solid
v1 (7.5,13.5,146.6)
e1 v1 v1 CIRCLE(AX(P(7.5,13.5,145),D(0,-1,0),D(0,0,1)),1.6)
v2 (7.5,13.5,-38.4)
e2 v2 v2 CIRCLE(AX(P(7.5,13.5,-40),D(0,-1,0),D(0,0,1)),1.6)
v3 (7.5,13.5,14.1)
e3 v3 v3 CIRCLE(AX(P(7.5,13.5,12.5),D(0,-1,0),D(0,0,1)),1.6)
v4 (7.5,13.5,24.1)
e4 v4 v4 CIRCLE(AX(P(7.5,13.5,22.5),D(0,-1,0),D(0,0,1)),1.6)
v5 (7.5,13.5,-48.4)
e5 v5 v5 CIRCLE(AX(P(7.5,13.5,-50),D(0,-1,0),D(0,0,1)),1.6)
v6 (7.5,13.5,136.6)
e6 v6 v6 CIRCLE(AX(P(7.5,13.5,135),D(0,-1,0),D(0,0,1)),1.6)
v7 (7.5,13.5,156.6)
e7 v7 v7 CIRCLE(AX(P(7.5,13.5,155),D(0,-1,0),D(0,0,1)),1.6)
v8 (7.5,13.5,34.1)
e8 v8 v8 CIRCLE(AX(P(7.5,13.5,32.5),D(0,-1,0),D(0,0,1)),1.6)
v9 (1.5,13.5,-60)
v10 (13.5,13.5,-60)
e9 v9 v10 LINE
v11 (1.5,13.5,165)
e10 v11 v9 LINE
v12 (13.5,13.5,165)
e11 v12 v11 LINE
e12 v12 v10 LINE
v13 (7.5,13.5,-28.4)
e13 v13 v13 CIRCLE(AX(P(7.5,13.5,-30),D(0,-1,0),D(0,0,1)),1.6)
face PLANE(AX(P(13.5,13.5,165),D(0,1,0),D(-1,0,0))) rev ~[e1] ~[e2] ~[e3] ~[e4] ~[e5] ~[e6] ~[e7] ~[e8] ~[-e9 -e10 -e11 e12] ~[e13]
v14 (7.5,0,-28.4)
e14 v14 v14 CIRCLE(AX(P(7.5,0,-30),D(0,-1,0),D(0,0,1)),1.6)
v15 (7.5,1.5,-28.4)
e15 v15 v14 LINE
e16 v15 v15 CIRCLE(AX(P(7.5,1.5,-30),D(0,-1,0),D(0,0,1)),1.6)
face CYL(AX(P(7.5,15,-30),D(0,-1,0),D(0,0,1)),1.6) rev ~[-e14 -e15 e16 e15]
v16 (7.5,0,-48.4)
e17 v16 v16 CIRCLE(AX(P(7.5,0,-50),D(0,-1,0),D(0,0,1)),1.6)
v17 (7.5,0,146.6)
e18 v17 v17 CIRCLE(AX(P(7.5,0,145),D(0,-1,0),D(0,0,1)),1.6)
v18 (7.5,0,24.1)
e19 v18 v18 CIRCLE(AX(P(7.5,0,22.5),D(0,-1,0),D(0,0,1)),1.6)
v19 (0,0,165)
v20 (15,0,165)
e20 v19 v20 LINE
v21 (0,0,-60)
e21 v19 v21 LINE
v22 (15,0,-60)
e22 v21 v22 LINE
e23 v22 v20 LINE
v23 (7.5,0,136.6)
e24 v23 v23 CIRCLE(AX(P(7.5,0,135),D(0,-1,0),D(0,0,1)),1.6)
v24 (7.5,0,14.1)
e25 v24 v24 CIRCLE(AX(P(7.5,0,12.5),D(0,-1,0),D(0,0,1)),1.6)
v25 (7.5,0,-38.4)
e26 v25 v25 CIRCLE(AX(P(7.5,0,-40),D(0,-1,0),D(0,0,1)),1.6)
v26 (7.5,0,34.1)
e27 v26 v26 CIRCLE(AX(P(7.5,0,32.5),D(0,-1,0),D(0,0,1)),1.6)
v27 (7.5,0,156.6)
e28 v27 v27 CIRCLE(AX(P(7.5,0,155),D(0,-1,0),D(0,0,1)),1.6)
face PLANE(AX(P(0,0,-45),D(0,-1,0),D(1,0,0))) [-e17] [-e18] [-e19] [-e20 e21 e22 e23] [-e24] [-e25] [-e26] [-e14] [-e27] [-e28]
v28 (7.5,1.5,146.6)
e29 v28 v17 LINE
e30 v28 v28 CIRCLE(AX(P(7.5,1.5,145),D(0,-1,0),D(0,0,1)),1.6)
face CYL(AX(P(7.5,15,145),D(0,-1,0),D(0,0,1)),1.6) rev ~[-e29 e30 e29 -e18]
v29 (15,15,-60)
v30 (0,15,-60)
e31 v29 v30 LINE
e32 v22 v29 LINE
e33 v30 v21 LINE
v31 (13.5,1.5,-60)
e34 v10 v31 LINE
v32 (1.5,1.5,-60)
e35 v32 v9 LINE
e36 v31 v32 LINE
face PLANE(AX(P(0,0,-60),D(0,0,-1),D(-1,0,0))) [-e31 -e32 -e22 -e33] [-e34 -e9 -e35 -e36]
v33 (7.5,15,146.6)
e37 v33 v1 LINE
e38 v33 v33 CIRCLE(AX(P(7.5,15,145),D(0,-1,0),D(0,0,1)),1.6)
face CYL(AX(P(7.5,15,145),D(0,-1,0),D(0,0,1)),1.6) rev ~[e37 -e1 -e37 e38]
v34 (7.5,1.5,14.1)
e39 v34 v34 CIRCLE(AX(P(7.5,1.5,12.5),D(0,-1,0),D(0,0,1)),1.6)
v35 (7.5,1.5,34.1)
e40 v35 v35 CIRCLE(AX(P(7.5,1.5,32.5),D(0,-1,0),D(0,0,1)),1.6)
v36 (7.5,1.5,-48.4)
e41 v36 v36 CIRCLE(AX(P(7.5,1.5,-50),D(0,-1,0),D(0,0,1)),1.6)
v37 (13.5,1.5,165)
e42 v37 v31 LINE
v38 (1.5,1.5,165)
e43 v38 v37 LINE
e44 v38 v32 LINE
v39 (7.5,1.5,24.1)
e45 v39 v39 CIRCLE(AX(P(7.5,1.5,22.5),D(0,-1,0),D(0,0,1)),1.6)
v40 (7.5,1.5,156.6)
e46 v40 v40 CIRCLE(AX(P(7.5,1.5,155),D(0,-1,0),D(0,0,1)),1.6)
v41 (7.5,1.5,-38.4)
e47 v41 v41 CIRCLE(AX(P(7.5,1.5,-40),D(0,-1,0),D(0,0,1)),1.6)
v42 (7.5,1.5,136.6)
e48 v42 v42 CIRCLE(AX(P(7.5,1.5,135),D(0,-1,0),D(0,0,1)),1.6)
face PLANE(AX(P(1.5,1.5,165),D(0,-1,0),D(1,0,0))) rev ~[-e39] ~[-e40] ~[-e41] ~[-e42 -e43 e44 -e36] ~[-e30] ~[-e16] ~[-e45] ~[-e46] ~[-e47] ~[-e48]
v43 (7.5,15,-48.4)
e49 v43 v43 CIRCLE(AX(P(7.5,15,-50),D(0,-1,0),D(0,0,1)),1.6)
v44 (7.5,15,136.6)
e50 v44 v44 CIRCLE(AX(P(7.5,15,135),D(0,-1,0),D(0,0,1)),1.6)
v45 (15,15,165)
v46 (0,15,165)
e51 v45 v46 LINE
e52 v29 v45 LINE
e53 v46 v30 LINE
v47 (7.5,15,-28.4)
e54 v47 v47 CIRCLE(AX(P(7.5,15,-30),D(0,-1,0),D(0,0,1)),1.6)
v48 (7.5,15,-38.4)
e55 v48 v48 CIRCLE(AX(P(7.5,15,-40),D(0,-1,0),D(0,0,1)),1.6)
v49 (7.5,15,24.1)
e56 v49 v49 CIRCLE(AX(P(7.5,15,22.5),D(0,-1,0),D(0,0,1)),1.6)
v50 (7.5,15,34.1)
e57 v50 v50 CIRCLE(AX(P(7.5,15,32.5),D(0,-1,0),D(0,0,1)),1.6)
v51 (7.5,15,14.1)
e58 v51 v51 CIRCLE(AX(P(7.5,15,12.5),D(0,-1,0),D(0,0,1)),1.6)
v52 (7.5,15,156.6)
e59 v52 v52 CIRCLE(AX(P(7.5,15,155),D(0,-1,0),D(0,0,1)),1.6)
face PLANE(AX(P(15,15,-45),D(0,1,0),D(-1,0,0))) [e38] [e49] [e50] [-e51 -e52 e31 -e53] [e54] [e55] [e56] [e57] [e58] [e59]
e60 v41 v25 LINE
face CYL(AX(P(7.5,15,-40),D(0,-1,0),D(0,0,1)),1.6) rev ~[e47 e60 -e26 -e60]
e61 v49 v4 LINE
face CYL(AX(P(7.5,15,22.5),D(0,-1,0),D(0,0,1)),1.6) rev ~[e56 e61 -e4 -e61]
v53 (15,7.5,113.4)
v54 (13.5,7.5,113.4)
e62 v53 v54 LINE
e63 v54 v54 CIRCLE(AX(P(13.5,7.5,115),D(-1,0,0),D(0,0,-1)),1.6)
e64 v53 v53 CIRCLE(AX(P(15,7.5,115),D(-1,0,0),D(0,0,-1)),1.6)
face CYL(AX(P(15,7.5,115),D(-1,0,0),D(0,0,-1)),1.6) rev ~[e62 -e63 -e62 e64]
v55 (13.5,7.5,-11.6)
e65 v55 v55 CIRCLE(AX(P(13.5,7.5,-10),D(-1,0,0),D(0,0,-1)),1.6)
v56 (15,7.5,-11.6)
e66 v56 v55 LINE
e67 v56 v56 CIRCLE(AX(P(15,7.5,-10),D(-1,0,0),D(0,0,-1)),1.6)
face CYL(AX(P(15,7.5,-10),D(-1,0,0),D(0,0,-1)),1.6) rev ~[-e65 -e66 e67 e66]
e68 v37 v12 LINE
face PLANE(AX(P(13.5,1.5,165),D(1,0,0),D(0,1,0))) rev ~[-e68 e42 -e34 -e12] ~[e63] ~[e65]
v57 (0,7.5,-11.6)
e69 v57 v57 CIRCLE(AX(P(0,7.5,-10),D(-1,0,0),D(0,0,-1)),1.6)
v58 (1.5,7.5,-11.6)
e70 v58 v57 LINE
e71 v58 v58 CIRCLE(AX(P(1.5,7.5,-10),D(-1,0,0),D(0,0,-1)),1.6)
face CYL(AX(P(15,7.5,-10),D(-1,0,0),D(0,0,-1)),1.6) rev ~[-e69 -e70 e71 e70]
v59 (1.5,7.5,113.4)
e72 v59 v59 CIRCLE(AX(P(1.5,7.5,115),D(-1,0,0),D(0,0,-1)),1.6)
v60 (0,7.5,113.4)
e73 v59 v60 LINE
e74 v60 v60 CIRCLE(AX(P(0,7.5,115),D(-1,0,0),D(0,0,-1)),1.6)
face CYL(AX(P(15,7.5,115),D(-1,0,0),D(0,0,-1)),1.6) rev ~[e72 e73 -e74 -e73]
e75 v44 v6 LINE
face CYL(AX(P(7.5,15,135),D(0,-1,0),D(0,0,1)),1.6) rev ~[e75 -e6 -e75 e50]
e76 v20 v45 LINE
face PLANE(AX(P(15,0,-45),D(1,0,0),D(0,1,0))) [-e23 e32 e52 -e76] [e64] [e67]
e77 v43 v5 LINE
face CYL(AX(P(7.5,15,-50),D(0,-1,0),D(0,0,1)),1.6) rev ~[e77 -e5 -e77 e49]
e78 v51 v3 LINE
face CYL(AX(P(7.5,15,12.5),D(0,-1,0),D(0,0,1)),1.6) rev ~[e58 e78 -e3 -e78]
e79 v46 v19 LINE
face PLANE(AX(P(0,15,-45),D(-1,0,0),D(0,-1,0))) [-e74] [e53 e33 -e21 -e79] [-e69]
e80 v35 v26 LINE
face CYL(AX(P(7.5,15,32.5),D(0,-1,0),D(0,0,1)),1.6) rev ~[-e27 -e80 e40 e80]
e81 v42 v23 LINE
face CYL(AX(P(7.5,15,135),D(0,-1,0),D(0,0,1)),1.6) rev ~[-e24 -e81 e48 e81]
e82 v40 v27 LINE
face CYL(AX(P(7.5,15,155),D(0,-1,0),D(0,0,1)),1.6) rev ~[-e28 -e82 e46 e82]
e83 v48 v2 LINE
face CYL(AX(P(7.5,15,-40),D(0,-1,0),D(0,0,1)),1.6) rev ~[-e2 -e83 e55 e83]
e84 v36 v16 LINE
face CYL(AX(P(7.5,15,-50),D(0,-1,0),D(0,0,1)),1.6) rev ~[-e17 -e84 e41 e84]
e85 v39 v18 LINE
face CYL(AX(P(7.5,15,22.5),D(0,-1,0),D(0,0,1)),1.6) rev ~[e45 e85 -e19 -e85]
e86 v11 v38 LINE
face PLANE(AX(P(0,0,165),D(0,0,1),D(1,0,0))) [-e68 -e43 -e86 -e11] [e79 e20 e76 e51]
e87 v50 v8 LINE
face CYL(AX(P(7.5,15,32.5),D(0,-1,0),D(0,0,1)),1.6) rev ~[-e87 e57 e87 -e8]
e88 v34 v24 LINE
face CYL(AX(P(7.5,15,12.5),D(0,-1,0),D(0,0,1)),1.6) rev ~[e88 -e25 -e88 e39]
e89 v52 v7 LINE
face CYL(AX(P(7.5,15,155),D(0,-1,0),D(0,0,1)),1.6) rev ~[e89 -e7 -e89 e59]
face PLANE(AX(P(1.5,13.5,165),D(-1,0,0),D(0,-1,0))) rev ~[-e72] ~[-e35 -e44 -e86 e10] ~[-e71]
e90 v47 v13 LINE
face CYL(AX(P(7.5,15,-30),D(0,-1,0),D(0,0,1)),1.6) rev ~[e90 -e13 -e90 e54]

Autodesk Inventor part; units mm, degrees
ref_plane "YZ Plane" through (0, 0, 0) normal (1, 0, 0) x (0, 1, 0)
ref_plane "XZ Plane" through (0, 0, 0) normal (0, 1, 0) x (-1, 0, 0)
ref_plane "XY Plane" through (0, 0, 0) normal (0, 0, 1) x (1, 0, 0)
sketch "スケッチ1" plane through (0, 0, 0) normal (0, 0, 1) x (1, 0, 0)
  line L0 (0, 0) -> (15, 0)
  line L1 (15, 0) -> (15, 15)
  line L2 (15, 15) -> (0, 15)
  line L3 (0, 15) -> (0, 0)
  dimension "d0" = 15
  dimension "d1" = 15
extrude "押し出し1" add sketch "スケッチ1" along normal blind 150
sketch "スケッチ2" plane through (0, 0, 0) normal (0, 0, -1) x (-1, 0, 0)
  line L0 (0, 0) -> (-15, 0)
  line L1 (-15, 0) -> (-15, 15)
  line L2 (-15, 15) -> (0, 15)
  line L3 (0, 15) -> (0, 0)
  dimension "d4" = 15
  dimension "d5" = 15
extrude "押し出し2" cut sketch "スケッチ2" against normal blind 30
sketch "スケッチ4" plane through (0, 0, 30) normal (0, 0, -1) x (-1, 0, 0)
  line L0 (0, 0) -> (-15, 0) projected
  line L1 (-15, 15) -> (0, 15) projected
  line L2 (0, 0) -> (-15, 0)
  line L3 (-15, 0) -> (-15, 15)
  line L4 (-15, 15) -> (0, 15)
  line L5 (0, 15) -> (0, 0)
  dimension "d8" = 15
  dimension "d9" = 15
extrude "押し出し3" add sketch "スケッチ4" along normal blind 15
sketch "スケッチ5" plane through (0, 0, 150) normal (0, 0, 1) x (1, 0, 0)
  line L0 (0, 0) -> (15, 0)
  line L1 (15, 0) -> (15, 15)
  line L2 (15, 15) -> (0, 15)
  line L3 (0, 15) -> (0, 0)
  dimension "d14" = 15
  dimension "d15" = 15
extrude "押し出し4" add sketch "スケッチ5" along normal blind 15
sketch "スケッチ6" plane through (0, 0, 15) normal (0, 0, -1) x (-1, 0, 0)
  line L0 (-15, 0) -> (0, 0) projected
  line L1 (0, 0) -> (-15, 0)
  line L2 (-15, 0) -> (-15, 15)
  line L3 (-15, 15) -> (0, 15)
  line L4 (0, 15) -> (0, 0)
  dimension "d18" = 15
  dimension "d19" = 15
extrude "押し出し5" add sketch "スケッチ6" along normal blind 55
sketch "スケッチ7" plane through (0, 0, -40) normal (0, 0, -1) x (-1, 0, 0)
  line L0 (0, 0) -> (-15, 0)
  line L1 (-15, 0) -> (-15, 15)
  line L2 (-15, 15) -> (0, 15)
  line L3 (0, 15) -> (0, 0)
  dimension "d22" = 15
  dimension "d23" = 15
extrude "押し出し6" add sketch "スケッチ7" along normal blind 3
sketch "スケッチ8" plane through (0, 0, -43) normal (0, 0, -1) x (-1, 0, 0)
  line L0 (0, 0) -> (-15, 0)
  line L1 (-15, 0) -> (-15, 15)
  line L2 (-15, 15) -> (0, 15)
  line L3 (0, 15) -> (0, 0)
  dimension "d26" = 15
  dimension "d27" = 15
extrude "押し出し7" add sketch "スケッチ8" along normal blind 2
sketch "スケッチ9" plane through (0, 15, 165) normal (0, 1, 0) x (1, 0, 0)
  circle A0 centre (7.5, 142.5) radius 1.6
  line L0 (0, 210) -> (15, 210) projected
  line L1 (0, 210) -> (0, 0) projected
  point P0 (0, 165)
  dimension "d30" = 3.2
  dimension "d31" = 67.5
  dimension "d32" = 7.5
hole "穴1" at (7.5, 15, 22.5) direction (0, -1, 0) diameter 3.2 end through all
sketch "スケッチ10" plane through (0, 0, -45) normal (0, 0, -1) x (-1, 0, 0)
  line L0 (0, 0) -> (-15, 0)
  line L1 (-15, 0) -> (-15, 15)
  line L2 (-15, 15) -> (0, 15)
  line L3 (0, 15) -> (0, 0)
extrude "押し出し8" add sketch "スケッチ10" along normal blind 15
sketch "スケッチ11" plane through (0, 15, 165) normal (0, 1, 0) x (1, 0, 0)
  line L0 (0, 225) -> (15, 225) projected
  line L1 (0, 225) -> (0, 0) projected
  point P0 (0, 165)
  point P1 (7.5, 215)
  point P2 (7.5, 205)
  point P3 (7.5, 195)
  dimension "d42" = 10
  dimension "d43" = 7.5
  dimension "d44" = 10
  dimension "d45" = 10
hole "穴2" at (7.5, 15, -50) at (7.5, 15, -40) at (7.5, 15, -30) direction (0, -1, 0) diameter 3.2 end through all
sketch "スケッチ12" plane through (15, 0, 165) normal (1, 0, 0) x (0, 0, -1)
  point P0 (165, 0)
sketch "スケッチ13" plane through (0, 15, 165) normal (0, 1, 0) x (1, 0, 0)
  line L0 (0, 225) -> (0, 0) projected
  line L1 (15, 0) -> (0, 0) projected
  line L2 (15, 225) -> (15, 0) projected
  point P0 (0, 165)
  point P1 (7.5, 10)
  point P2 (7.5, 20)
  point P3 (7.5, 30)
  dimension "d53" = 7.5
  dimension "d54" = 10
  dimension "d55" = 10
  dimension "d56" = 10
  dimension "d57" = 7.5
  dimension "d58" = 7.5
hole "穴3" at (7.5, 15, 155) at (7.5, 15, 145) at (7.5, 15, 135) direction (0, -1, 0) diameter 3.2 end through all
sketch "スケッチ14" plane through (0, 15, 165) normal (0, 1, 0) x (1, 0, 0)
  circle A0 centre (7.5, 142.5) radius 1.6 projected
  line L0 (0, 225) -> (0, 0) projected
  line L1 (15, 225) -> (15, 0) projected
  point P0 (0, 165)
  point P1 (7.5, 152.5)
  point P2 (7.5, 132.5)
  dimension "d66" = 10
  dimension "d67" = 7.5
  dimension "d68" = 10
  dimension "d69" = 7.5
hole "穴4" at (7.5, 15, 32.5) at (7.5, 15, 12.5) direction (0, -1, 0) diameter 3.2 end through all
sketch "スケッチ15" plane through (0, 0, 165) normal (0, 0, 1) x (1, 0, 0)
  line L0 (1.5, 1.5) -> (13.5, 1.5)
  line L1 (13.5, 1.5) -> (13.5, 13.5)
  line L2 (13.5, 13.5) -> (1.5, 13.5)
  line L3 (1.5, 13.5) -> (1.5, 1.5)
  line L4 (0, 0) -> (15, 0) projected
  line L5 (0, 15) -> (0, 0) projected
  dimension "d77" = 12
  dimension "d78" = 12
  dimension "d79" = 1.5
  dimension "d80" = 1.5
extrude "押し出し9" cut sketch "スケッチ15" against normal blind 1400
sketch "スケッチ16" plane through (15, 0, 165) normal (1, 0, 0) x (0, 0, -1)
  line L0 (225, 15) -> (0, 15) projected
  line L1 (225, 15) -> (225, 0) projected
  line L2 (0, 0) -> (0, 15) projected
  line L3 (225, 0) -> (0, 0) projected
  point P0 (165, 0)
  point P1 (175, 7.5)
  point P2 (50, 7.5)
  point P3 (0, 7.5)
  dimension "d83" = 7.5
  dimension "d84" = 50
  dimension "d85" = 50
  dimension "d86" = 7.5
hole "穴5" at (15, 7.5, 115) at (15, 7.5, -10) direction (-1, 0, 0) diameter 3.2 end through all
properties part number "射出_角柱3" material "アルミニウム 6061"
